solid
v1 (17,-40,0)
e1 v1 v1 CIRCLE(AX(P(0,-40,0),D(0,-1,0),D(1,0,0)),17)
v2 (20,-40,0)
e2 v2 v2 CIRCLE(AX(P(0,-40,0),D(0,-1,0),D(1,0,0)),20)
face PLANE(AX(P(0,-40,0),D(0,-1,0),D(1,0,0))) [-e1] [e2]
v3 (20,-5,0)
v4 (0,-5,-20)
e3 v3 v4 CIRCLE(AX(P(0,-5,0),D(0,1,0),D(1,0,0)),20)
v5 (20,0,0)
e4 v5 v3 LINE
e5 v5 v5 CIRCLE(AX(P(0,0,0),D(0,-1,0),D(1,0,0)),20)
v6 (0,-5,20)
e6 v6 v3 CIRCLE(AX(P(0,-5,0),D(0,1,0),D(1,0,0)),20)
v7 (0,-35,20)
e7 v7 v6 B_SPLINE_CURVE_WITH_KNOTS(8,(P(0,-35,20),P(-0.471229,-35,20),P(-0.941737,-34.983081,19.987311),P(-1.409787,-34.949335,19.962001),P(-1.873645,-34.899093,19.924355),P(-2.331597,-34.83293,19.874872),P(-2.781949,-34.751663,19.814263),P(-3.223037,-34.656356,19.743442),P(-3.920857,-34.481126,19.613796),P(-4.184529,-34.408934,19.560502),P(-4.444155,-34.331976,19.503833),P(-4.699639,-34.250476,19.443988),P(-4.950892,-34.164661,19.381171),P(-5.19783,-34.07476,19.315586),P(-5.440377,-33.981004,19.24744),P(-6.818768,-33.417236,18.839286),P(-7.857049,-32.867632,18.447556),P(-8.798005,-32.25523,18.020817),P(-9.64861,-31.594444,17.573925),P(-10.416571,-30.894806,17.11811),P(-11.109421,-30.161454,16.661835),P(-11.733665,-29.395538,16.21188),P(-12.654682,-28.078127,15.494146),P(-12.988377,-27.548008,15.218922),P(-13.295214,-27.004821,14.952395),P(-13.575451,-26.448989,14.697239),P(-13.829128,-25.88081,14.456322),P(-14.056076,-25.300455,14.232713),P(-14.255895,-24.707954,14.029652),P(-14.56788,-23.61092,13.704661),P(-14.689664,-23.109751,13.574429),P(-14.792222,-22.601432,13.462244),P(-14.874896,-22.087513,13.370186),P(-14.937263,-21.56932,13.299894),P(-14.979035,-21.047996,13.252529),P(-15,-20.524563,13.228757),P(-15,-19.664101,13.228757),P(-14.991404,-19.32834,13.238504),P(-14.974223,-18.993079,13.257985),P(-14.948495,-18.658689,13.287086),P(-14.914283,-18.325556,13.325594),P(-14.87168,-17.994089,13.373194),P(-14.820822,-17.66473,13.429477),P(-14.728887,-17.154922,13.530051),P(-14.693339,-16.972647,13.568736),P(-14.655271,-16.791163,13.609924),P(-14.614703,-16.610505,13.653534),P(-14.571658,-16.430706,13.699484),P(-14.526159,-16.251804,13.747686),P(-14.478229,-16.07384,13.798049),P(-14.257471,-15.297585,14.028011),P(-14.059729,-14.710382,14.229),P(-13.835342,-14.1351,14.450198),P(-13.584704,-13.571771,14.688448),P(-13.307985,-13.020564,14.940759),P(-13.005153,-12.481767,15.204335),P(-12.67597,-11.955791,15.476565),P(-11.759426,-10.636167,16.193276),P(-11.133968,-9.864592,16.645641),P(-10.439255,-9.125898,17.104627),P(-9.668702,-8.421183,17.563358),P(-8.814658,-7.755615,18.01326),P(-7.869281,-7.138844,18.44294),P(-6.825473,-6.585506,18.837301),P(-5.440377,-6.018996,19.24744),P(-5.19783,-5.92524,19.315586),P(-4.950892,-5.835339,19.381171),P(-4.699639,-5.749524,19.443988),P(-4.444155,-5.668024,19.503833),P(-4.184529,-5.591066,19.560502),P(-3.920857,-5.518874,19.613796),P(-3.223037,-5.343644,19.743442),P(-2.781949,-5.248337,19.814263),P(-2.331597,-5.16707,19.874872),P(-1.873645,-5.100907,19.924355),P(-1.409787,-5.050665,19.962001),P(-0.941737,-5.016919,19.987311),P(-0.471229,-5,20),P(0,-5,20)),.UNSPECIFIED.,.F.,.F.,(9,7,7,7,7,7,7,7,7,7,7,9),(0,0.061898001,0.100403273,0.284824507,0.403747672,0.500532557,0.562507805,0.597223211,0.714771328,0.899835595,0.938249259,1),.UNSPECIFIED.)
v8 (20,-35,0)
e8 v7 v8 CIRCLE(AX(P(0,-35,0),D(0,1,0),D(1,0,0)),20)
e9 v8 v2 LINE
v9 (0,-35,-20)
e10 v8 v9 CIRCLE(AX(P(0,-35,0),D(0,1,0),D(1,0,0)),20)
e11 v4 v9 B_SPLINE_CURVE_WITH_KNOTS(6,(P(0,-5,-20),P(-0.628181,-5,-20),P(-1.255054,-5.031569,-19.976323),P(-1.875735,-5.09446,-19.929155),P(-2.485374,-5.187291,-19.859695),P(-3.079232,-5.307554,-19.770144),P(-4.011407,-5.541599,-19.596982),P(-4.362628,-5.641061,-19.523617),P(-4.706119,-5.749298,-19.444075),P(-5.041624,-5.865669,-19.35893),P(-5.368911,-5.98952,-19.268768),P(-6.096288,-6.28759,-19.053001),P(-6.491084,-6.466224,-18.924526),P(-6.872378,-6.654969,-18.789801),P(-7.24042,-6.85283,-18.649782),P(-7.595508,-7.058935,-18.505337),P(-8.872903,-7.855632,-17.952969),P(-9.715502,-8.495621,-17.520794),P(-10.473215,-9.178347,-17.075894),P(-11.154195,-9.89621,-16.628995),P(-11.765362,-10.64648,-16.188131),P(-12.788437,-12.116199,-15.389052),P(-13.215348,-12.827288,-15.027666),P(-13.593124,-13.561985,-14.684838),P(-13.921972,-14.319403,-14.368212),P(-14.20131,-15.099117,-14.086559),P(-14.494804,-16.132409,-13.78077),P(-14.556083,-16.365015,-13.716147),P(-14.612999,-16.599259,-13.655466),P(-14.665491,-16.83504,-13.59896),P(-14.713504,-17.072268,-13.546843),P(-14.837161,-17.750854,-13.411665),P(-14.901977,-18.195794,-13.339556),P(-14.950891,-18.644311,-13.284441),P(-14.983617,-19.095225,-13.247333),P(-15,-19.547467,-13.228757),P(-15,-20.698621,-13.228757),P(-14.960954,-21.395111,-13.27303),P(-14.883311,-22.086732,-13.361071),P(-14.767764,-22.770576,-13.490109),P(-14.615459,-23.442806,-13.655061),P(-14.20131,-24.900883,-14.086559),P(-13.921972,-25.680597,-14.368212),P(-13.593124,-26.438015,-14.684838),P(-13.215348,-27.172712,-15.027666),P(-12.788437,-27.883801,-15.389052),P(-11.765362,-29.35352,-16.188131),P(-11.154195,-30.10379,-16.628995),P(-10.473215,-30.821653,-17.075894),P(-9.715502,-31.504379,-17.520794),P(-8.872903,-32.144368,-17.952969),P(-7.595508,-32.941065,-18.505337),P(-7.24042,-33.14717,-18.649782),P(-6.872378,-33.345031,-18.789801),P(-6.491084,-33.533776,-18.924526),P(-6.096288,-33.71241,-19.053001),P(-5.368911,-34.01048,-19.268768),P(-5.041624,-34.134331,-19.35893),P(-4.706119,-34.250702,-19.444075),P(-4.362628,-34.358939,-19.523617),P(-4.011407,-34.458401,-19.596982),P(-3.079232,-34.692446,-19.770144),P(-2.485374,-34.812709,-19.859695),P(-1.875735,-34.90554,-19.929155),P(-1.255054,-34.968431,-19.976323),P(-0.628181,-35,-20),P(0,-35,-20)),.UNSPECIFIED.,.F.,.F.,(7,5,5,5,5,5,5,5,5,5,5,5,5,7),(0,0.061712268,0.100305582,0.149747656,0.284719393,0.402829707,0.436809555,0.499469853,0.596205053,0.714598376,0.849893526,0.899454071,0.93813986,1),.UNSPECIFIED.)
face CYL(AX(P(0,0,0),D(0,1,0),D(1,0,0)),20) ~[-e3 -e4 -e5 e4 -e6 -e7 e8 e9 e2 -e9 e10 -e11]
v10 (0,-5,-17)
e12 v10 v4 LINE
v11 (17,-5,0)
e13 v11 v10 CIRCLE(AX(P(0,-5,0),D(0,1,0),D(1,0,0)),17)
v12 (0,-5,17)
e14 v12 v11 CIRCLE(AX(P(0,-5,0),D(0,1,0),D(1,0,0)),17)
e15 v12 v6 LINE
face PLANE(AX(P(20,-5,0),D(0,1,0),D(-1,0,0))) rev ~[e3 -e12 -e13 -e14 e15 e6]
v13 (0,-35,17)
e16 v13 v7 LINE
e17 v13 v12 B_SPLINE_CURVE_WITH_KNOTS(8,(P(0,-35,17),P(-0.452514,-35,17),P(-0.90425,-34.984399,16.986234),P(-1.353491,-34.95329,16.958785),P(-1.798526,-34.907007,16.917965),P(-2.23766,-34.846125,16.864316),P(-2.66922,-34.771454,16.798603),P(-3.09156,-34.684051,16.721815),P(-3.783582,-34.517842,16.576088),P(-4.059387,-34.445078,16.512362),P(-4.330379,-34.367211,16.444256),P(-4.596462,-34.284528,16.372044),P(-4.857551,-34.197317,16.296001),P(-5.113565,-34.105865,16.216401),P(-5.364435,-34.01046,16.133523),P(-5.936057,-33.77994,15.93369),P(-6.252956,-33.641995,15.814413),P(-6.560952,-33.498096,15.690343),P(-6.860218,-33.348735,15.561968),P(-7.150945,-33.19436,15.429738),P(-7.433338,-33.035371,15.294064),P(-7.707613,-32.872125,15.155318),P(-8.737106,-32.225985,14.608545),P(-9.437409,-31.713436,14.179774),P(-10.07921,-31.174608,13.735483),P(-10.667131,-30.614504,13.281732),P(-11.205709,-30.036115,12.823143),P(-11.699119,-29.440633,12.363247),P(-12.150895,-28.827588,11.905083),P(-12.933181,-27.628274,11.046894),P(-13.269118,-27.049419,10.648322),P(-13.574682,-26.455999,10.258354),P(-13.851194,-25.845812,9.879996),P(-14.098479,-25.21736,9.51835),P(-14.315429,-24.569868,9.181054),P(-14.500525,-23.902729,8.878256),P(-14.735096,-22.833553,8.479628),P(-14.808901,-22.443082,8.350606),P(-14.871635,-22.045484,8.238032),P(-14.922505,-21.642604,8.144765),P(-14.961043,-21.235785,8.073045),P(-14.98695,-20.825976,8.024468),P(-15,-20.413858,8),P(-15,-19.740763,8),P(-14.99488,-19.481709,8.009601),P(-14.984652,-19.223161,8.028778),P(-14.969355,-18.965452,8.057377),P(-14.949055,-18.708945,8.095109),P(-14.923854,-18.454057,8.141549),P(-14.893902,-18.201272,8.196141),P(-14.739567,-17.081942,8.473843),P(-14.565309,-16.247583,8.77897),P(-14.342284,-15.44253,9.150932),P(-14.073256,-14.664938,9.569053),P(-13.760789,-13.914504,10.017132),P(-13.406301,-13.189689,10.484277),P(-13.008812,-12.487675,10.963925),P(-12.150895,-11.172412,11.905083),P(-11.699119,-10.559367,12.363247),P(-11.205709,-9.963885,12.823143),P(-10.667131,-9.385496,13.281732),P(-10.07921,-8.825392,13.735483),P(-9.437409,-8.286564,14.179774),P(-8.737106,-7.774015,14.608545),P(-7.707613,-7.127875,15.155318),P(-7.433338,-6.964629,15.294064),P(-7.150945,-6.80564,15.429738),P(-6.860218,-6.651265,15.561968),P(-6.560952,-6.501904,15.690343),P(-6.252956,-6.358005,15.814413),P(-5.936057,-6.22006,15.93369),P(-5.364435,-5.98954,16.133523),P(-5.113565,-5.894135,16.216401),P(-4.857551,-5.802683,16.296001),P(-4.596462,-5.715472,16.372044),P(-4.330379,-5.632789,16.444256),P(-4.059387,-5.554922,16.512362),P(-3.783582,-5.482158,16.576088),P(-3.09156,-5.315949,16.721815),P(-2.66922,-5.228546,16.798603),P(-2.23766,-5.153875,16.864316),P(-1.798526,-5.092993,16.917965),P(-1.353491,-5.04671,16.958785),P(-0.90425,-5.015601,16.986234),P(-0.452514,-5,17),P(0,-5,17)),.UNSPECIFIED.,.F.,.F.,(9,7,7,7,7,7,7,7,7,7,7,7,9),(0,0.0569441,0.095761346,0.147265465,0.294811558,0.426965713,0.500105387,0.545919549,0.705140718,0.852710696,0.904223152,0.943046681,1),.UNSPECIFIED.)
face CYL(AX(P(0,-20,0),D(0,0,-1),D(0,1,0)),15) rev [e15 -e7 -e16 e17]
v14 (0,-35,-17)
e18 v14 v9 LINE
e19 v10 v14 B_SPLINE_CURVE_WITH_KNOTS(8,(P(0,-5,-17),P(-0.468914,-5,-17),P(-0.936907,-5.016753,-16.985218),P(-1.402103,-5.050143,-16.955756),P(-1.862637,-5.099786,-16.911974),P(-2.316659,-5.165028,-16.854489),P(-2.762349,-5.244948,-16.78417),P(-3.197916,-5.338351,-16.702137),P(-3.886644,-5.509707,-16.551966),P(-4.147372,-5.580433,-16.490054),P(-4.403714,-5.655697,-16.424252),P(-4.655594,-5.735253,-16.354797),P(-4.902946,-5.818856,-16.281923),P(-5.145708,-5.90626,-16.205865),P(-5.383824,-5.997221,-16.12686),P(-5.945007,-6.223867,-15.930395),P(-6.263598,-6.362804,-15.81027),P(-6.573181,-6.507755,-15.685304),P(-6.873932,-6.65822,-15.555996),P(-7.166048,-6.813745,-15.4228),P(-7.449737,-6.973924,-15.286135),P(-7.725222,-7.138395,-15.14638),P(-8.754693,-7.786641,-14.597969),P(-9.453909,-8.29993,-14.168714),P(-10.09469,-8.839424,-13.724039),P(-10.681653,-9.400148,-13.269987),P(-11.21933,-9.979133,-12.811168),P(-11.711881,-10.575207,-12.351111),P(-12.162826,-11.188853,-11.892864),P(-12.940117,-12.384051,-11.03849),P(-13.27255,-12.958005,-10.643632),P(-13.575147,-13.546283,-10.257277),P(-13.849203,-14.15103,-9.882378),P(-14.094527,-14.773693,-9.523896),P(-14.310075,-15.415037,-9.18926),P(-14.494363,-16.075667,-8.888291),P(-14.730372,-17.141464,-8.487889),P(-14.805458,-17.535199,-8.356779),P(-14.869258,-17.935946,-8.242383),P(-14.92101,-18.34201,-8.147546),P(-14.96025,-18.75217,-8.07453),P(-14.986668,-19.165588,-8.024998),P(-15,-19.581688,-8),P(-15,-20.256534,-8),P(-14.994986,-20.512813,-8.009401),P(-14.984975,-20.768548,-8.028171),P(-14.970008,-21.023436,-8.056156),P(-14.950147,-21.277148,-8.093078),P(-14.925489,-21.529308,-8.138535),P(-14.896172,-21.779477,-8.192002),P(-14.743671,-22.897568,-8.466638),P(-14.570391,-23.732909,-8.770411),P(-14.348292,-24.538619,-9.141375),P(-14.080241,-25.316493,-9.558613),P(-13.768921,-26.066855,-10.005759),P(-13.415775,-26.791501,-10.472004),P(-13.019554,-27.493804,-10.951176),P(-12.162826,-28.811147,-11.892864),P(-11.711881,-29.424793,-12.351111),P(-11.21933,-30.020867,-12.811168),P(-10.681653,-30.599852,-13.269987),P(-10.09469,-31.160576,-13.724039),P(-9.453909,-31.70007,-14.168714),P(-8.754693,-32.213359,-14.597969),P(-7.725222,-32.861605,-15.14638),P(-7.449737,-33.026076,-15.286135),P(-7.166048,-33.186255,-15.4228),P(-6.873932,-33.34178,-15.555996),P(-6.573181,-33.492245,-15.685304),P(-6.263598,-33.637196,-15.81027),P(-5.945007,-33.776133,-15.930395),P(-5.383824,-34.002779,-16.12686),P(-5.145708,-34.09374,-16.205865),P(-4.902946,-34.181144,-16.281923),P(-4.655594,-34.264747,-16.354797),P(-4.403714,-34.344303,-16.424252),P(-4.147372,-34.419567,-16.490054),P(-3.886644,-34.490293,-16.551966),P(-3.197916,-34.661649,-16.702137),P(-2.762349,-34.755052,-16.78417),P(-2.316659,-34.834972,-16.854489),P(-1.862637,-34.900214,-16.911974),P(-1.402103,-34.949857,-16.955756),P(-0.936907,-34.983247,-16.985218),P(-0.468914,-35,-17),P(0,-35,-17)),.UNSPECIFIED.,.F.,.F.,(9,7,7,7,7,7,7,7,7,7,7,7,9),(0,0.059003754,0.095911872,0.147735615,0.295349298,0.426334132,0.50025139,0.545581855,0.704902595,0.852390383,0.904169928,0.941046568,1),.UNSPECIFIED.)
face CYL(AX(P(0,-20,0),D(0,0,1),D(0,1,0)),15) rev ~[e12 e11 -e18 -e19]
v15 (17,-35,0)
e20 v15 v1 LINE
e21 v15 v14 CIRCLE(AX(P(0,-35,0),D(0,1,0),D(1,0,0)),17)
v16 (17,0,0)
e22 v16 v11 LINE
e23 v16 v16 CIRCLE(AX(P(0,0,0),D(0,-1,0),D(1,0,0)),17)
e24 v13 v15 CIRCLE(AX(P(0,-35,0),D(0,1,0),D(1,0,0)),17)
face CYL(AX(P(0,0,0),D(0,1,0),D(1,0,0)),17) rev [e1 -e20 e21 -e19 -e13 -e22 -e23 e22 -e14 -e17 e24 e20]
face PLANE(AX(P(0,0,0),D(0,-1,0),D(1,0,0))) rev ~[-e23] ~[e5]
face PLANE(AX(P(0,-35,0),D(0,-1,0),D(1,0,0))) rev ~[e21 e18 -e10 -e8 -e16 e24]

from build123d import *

# Parameters (mm, degrees)
F0_R     = 20
F0_R_2   = 17
F1_DEPTH = 40
F3_DEPTH = 25
F4_DEPTH = 25


with BuildPart() as f1:
    # F0 (on Front) → F1 (new body)
    with BuildSketch(Plane.XZ):
        Circle(F0_R)
        Circle(F0_R_2, mode=Mode.SUBTRACT)
    extrude(amount=F1_DEPTH)

    # F2 (on Top) → F3 (cut)
    with BuildSketch(Plane.XY):
        with BuildLine():
            Line((20, -5), (0, -5))
            ThreePointArc((0, -5), (-15, -20), (0, -35))
            Line((0, -35), (20, -35))
            ThreePointArc((20, -35), (35, -20), (20, -5))
        make_face()
    extrude(amount=F3_DEPTH, mode=Mode.SUBTRACT)

    # F2 (on Top) → F4 (cut)
    with BuildSketch(Plane.XY):
        with BuildLine():
            Line((20, -5), (0, -5))
            ThreePointArc((0, -5), (-15, -20), (0, -35))
            Line((0, -35), (20, -35))
            ThreePointArc((20, -35), (35, -20), (20, -5))
        make_face()
    extrude(amount=-F4_DEPTH, mode=Mode.SUBTRACT)


solid = f1.part
